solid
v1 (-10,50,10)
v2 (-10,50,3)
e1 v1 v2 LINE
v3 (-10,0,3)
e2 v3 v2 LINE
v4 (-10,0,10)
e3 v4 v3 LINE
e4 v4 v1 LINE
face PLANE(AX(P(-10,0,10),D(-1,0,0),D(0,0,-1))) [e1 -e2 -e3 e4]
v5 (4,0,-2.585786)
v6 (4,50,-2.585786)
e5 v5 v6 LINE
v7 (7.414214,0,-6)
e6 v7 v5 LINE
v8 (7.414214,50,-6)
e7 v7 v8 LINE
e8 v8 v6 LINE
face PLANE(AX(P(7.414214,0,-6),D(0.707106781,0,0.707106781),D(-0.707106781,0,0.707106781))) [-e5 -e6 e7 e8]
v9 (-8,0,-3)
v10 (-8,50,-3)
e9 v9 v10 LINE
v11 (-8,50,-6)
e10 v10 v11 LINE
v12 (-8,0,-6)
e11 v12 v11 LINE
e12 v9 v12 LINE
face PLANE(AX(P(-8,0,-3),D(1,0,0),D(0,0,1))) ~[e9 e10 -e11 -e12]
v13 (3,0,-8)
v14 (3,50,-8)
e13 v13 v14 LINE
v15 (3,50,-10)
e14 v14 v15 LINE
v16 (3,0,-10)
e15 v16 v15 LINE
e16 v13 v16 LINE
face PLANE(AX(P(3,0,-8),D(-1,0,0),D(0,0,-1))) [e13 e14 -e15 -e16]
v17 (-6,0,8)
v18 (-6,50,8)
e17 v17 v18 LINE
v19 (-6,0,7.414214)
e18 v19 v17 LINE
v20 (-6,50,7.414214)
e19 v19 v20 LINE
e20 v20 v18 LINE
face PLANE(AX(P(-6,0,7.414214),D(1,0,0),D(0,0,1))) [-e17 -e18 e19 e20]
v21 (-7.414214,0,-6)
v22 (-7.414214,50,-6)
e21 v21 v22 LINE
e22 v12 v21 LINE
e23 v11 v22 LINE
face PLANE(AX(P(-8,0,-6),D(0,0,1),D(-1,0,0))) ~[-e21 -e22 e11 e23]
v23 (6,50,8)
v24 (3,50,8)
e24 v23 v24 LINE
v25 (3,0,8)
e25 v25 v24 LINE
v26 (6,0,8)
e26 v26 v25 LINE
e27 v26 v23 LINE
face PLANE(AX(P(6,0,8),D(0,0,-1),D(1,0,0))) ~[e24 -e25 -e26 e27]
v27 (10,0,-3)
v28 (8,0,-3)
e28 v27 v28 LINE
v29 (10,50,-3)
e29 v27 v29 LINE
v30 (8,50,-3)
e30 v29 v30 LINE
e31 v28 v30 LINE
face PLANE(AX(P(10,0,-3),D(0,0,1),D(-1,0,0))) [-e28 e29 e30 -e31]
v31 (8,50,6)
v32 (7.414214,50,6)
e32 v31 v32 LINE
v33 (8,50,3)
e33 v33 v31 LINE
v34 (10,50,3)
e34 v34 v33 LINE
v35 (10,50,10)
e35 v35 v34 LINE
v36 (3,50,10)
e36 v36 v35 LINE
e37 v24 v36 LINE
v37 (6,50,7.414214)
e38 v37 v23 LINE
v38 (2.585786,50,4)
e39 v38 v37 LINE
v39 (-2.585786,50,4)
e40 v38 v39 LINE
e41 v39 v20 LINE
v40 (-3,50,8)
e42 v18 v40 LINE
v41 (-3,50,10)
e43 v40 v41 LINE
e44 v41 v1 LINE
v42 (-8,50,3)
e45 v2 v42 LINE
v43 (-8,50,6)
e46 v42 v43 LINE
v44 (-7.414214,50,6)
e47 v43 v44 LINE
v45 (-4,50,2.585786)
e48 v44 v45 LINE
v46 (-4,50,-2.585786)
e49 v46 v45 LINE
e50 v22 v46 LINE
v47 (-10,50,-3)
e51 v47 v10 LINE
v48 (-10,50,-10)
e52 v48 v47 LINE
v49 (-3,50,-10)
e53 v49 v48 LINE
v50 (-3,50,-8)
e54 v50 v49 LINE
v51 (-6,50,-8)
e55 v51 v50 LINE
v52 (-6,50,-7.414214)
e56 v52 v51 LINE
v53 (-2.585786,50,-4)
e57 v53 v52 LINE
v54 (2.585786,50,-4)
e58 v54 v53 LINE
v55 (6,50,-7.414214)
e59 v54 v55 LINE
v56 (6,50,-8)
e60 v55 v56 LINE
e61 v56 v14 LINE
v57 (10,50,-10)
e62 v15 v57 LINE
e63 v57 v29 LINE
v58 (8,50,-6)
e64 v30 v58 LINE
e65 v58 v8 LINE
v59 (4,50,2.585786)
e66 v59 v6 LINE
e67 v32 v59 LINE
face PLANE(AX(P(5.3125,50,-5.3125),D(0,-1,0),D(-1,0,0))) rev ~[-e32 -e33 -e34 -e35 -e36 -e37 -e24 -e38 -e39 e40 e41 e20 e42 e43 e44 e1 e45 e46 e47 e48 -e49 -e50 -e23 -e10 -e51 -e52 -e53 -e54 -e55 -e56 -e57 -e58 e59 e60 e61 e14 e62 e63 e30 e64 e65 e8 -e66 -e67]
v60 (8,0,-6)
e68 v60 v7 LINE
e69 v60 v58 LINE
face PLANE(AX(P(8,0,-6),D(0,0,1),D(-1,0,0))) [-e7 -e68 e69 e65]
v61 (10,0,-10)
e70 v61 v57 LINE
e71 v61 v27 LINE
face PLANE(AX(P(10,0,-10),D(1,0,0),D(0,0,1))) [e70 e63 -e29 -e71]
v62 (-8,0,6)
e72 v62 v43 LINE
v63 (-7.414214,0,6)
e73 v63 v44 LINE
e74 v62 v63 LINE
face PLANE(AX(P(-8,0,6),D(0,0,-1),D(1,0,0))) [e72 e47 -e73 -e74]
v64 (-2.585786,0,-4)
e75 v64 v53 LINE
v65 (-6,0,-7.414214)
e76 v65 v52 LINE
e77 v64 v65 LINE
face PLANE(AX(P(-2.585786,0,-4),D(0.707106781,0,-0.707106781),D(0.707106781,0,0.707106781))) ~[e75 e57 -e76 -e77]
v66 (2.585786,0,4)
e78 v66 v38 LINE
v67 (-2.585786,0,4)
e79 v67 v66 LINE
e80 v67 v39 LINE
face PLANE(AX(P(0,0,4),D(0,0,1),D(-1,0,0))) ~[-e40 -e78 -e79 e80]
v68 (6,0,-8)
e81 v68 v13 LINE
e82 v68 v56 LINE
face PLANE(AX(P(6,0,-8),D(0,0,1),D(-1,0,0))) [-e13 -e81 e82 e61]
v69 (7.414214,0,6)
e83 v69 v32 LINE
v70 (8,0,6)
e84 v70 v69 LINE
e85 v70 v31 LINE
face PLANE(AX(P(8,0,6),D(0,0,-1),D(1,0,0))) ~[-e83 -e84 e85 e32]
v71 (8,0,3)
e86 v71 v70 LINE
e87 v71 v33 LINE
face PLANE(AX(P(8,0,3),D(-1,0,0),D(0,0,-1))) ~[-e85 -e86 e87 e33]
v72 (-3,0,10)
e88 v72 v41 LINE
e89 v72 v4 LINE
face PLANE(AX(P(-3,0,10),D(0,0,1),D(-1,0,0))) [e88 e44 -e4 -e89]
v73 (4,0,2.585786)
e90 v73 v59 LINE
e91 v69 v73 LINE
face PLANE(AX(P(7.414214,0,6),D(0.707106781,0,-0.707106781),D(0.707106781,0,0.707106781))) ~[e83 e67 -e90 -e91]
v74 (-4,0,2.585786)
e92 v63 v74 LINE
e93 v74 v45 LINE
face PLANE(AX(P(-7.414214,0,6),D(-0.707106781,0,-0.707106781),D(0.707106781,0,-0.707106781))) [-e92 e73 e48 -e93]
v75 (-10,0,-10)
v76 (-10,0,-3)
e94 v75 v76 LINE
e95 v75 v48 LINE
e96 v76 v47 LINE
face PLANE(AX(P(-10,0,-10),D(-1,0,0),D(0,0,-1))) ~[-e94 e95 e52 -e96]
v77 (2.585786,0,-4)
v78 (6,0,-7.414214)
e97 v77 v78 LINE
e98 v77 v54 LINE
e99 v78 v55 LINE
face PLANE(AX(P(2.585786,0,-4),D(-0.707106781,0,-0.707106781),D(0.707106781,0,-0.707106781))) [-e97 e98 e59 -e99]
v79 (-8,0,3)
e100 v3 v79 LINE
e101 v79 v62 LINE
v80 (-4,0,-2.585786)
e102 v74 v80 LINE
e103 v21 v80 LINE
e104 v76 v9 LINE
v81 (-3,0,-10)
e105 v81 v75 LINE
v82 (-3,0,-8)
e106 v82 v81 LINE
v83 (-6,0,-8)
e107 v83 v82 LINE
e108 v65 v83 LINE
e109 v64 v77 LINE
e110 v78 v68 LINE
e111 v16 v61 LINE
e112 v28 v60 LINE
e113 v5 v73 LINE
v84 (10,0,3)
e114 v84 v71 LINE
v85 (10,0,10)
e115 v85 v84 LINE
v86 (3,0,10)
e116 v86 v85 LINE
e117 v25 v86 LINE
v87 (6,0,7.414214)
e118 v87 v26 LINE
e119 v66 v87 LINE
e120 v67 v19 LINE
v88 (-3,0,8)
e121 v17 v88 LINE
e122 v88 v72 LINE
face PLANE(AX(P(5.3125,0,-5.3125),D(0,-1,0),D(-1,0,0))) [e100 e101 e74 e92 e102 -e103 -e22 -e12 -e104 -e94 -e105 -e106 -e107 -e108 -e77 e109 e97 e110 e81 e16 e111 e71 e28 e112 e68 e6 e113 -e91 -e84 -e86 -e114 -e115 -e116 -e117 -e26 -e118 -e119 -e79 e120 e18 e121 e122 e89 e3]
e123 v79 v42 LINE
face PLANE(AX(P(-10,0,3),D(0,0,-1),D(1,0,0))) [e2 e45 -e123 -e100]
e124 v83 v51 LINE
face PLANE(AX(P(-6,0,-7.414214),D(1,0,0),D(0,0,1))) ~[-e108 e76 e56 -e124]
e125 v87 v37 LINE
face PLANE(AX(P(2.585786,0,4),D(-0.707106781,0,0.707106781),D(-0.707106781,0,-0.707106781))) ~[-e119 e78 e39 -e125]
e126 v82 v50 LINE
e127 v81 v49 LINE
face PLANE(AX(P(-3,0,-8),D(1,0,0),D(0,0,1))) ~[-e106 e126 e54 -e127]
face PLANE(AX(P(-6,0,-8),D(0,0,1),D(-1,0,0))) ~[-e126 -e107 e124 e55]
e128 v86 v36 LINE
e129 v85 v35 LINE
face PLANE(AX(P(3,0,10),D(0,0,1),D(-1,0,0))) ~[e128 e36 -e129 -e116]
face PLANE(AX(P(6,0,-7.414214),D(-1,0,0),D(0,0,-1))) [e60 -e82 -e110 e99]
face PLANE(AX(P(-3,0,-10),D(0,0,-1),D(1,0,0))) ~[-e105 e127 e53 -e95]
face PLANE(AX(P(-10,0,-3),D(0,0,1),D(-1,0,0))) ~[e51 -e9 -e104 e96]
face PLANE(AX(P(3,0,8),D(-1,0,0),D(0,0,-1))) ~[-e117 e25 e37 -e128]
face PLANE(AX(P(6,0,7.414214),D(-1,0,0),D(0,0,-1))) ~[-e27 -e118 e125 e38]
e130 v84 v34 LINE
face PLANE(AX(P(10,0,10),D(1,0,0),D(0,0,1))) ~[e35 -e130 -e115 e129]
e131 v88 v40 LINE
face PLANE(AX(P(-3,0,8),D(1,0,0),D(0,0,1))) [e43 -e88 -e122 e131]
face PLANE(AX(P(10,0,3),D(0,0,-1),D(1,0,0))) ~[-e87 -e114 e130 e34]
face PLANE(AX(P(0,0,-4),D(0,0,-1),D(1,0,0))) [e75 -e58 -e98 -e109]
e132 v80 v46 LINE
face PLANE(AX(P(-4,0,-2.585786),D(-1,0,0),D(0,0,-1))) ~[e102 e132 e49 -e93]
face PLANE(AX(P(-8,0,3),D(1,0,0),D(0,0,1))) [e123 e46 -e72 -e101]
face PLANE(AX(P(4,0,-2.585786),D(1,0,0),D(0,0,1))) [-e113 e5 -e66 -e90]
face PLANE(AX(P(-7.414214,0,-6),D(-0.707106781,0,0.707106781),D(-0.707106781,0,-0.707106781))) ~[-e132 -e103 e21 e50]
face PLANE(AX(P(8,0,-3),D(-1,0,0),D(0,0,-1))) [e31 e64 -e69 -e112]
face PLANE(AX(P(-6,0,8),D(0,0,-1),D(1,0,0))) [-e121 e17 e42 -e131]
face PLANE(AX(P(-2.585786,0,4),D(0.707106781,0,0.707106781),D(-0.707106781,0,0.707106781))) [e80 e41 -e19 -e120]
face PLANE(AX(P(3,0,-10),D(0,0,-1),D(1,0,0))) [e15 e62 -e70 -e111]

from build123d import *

# Parameters (mm, degrees)
F1_DEPTH = 50


with BuildPart() as f1:
    # F0 (on Front) → F1 (new body)
    with BuildSketch(Plane.XZ):
        Polygon((0, 0), (0, 4), (-2.585786, 4), (-6, 7.414214), (-6, 8), (-3, 8), (-3, 10), (-10, 10), (-10, 3), (-8, 3), (-8, 6), (-7.414214, 6), (-4, 2.585786), (-4, 0), align=None)
    extrude(amount=-F1_DEPTH)

    # F2: F1 across face


with BuildPart() as f1_1:
    add(f1.part)
    add(f1.part.mirror(Plane(origin=(0, 25, 2), x_dir=(0, 1, 0), z_dir=(1, 0, 0))))

    # F3: F1 across face


with BuildPart() as f1_2:
    add(f1_1.part)
    add(f1_1.part.mirror(Plane(origin=(0, 25, 0), x_dir=(1, 0, 0), z_dir=(0, 0, -1))))


solid = f1_2.part
